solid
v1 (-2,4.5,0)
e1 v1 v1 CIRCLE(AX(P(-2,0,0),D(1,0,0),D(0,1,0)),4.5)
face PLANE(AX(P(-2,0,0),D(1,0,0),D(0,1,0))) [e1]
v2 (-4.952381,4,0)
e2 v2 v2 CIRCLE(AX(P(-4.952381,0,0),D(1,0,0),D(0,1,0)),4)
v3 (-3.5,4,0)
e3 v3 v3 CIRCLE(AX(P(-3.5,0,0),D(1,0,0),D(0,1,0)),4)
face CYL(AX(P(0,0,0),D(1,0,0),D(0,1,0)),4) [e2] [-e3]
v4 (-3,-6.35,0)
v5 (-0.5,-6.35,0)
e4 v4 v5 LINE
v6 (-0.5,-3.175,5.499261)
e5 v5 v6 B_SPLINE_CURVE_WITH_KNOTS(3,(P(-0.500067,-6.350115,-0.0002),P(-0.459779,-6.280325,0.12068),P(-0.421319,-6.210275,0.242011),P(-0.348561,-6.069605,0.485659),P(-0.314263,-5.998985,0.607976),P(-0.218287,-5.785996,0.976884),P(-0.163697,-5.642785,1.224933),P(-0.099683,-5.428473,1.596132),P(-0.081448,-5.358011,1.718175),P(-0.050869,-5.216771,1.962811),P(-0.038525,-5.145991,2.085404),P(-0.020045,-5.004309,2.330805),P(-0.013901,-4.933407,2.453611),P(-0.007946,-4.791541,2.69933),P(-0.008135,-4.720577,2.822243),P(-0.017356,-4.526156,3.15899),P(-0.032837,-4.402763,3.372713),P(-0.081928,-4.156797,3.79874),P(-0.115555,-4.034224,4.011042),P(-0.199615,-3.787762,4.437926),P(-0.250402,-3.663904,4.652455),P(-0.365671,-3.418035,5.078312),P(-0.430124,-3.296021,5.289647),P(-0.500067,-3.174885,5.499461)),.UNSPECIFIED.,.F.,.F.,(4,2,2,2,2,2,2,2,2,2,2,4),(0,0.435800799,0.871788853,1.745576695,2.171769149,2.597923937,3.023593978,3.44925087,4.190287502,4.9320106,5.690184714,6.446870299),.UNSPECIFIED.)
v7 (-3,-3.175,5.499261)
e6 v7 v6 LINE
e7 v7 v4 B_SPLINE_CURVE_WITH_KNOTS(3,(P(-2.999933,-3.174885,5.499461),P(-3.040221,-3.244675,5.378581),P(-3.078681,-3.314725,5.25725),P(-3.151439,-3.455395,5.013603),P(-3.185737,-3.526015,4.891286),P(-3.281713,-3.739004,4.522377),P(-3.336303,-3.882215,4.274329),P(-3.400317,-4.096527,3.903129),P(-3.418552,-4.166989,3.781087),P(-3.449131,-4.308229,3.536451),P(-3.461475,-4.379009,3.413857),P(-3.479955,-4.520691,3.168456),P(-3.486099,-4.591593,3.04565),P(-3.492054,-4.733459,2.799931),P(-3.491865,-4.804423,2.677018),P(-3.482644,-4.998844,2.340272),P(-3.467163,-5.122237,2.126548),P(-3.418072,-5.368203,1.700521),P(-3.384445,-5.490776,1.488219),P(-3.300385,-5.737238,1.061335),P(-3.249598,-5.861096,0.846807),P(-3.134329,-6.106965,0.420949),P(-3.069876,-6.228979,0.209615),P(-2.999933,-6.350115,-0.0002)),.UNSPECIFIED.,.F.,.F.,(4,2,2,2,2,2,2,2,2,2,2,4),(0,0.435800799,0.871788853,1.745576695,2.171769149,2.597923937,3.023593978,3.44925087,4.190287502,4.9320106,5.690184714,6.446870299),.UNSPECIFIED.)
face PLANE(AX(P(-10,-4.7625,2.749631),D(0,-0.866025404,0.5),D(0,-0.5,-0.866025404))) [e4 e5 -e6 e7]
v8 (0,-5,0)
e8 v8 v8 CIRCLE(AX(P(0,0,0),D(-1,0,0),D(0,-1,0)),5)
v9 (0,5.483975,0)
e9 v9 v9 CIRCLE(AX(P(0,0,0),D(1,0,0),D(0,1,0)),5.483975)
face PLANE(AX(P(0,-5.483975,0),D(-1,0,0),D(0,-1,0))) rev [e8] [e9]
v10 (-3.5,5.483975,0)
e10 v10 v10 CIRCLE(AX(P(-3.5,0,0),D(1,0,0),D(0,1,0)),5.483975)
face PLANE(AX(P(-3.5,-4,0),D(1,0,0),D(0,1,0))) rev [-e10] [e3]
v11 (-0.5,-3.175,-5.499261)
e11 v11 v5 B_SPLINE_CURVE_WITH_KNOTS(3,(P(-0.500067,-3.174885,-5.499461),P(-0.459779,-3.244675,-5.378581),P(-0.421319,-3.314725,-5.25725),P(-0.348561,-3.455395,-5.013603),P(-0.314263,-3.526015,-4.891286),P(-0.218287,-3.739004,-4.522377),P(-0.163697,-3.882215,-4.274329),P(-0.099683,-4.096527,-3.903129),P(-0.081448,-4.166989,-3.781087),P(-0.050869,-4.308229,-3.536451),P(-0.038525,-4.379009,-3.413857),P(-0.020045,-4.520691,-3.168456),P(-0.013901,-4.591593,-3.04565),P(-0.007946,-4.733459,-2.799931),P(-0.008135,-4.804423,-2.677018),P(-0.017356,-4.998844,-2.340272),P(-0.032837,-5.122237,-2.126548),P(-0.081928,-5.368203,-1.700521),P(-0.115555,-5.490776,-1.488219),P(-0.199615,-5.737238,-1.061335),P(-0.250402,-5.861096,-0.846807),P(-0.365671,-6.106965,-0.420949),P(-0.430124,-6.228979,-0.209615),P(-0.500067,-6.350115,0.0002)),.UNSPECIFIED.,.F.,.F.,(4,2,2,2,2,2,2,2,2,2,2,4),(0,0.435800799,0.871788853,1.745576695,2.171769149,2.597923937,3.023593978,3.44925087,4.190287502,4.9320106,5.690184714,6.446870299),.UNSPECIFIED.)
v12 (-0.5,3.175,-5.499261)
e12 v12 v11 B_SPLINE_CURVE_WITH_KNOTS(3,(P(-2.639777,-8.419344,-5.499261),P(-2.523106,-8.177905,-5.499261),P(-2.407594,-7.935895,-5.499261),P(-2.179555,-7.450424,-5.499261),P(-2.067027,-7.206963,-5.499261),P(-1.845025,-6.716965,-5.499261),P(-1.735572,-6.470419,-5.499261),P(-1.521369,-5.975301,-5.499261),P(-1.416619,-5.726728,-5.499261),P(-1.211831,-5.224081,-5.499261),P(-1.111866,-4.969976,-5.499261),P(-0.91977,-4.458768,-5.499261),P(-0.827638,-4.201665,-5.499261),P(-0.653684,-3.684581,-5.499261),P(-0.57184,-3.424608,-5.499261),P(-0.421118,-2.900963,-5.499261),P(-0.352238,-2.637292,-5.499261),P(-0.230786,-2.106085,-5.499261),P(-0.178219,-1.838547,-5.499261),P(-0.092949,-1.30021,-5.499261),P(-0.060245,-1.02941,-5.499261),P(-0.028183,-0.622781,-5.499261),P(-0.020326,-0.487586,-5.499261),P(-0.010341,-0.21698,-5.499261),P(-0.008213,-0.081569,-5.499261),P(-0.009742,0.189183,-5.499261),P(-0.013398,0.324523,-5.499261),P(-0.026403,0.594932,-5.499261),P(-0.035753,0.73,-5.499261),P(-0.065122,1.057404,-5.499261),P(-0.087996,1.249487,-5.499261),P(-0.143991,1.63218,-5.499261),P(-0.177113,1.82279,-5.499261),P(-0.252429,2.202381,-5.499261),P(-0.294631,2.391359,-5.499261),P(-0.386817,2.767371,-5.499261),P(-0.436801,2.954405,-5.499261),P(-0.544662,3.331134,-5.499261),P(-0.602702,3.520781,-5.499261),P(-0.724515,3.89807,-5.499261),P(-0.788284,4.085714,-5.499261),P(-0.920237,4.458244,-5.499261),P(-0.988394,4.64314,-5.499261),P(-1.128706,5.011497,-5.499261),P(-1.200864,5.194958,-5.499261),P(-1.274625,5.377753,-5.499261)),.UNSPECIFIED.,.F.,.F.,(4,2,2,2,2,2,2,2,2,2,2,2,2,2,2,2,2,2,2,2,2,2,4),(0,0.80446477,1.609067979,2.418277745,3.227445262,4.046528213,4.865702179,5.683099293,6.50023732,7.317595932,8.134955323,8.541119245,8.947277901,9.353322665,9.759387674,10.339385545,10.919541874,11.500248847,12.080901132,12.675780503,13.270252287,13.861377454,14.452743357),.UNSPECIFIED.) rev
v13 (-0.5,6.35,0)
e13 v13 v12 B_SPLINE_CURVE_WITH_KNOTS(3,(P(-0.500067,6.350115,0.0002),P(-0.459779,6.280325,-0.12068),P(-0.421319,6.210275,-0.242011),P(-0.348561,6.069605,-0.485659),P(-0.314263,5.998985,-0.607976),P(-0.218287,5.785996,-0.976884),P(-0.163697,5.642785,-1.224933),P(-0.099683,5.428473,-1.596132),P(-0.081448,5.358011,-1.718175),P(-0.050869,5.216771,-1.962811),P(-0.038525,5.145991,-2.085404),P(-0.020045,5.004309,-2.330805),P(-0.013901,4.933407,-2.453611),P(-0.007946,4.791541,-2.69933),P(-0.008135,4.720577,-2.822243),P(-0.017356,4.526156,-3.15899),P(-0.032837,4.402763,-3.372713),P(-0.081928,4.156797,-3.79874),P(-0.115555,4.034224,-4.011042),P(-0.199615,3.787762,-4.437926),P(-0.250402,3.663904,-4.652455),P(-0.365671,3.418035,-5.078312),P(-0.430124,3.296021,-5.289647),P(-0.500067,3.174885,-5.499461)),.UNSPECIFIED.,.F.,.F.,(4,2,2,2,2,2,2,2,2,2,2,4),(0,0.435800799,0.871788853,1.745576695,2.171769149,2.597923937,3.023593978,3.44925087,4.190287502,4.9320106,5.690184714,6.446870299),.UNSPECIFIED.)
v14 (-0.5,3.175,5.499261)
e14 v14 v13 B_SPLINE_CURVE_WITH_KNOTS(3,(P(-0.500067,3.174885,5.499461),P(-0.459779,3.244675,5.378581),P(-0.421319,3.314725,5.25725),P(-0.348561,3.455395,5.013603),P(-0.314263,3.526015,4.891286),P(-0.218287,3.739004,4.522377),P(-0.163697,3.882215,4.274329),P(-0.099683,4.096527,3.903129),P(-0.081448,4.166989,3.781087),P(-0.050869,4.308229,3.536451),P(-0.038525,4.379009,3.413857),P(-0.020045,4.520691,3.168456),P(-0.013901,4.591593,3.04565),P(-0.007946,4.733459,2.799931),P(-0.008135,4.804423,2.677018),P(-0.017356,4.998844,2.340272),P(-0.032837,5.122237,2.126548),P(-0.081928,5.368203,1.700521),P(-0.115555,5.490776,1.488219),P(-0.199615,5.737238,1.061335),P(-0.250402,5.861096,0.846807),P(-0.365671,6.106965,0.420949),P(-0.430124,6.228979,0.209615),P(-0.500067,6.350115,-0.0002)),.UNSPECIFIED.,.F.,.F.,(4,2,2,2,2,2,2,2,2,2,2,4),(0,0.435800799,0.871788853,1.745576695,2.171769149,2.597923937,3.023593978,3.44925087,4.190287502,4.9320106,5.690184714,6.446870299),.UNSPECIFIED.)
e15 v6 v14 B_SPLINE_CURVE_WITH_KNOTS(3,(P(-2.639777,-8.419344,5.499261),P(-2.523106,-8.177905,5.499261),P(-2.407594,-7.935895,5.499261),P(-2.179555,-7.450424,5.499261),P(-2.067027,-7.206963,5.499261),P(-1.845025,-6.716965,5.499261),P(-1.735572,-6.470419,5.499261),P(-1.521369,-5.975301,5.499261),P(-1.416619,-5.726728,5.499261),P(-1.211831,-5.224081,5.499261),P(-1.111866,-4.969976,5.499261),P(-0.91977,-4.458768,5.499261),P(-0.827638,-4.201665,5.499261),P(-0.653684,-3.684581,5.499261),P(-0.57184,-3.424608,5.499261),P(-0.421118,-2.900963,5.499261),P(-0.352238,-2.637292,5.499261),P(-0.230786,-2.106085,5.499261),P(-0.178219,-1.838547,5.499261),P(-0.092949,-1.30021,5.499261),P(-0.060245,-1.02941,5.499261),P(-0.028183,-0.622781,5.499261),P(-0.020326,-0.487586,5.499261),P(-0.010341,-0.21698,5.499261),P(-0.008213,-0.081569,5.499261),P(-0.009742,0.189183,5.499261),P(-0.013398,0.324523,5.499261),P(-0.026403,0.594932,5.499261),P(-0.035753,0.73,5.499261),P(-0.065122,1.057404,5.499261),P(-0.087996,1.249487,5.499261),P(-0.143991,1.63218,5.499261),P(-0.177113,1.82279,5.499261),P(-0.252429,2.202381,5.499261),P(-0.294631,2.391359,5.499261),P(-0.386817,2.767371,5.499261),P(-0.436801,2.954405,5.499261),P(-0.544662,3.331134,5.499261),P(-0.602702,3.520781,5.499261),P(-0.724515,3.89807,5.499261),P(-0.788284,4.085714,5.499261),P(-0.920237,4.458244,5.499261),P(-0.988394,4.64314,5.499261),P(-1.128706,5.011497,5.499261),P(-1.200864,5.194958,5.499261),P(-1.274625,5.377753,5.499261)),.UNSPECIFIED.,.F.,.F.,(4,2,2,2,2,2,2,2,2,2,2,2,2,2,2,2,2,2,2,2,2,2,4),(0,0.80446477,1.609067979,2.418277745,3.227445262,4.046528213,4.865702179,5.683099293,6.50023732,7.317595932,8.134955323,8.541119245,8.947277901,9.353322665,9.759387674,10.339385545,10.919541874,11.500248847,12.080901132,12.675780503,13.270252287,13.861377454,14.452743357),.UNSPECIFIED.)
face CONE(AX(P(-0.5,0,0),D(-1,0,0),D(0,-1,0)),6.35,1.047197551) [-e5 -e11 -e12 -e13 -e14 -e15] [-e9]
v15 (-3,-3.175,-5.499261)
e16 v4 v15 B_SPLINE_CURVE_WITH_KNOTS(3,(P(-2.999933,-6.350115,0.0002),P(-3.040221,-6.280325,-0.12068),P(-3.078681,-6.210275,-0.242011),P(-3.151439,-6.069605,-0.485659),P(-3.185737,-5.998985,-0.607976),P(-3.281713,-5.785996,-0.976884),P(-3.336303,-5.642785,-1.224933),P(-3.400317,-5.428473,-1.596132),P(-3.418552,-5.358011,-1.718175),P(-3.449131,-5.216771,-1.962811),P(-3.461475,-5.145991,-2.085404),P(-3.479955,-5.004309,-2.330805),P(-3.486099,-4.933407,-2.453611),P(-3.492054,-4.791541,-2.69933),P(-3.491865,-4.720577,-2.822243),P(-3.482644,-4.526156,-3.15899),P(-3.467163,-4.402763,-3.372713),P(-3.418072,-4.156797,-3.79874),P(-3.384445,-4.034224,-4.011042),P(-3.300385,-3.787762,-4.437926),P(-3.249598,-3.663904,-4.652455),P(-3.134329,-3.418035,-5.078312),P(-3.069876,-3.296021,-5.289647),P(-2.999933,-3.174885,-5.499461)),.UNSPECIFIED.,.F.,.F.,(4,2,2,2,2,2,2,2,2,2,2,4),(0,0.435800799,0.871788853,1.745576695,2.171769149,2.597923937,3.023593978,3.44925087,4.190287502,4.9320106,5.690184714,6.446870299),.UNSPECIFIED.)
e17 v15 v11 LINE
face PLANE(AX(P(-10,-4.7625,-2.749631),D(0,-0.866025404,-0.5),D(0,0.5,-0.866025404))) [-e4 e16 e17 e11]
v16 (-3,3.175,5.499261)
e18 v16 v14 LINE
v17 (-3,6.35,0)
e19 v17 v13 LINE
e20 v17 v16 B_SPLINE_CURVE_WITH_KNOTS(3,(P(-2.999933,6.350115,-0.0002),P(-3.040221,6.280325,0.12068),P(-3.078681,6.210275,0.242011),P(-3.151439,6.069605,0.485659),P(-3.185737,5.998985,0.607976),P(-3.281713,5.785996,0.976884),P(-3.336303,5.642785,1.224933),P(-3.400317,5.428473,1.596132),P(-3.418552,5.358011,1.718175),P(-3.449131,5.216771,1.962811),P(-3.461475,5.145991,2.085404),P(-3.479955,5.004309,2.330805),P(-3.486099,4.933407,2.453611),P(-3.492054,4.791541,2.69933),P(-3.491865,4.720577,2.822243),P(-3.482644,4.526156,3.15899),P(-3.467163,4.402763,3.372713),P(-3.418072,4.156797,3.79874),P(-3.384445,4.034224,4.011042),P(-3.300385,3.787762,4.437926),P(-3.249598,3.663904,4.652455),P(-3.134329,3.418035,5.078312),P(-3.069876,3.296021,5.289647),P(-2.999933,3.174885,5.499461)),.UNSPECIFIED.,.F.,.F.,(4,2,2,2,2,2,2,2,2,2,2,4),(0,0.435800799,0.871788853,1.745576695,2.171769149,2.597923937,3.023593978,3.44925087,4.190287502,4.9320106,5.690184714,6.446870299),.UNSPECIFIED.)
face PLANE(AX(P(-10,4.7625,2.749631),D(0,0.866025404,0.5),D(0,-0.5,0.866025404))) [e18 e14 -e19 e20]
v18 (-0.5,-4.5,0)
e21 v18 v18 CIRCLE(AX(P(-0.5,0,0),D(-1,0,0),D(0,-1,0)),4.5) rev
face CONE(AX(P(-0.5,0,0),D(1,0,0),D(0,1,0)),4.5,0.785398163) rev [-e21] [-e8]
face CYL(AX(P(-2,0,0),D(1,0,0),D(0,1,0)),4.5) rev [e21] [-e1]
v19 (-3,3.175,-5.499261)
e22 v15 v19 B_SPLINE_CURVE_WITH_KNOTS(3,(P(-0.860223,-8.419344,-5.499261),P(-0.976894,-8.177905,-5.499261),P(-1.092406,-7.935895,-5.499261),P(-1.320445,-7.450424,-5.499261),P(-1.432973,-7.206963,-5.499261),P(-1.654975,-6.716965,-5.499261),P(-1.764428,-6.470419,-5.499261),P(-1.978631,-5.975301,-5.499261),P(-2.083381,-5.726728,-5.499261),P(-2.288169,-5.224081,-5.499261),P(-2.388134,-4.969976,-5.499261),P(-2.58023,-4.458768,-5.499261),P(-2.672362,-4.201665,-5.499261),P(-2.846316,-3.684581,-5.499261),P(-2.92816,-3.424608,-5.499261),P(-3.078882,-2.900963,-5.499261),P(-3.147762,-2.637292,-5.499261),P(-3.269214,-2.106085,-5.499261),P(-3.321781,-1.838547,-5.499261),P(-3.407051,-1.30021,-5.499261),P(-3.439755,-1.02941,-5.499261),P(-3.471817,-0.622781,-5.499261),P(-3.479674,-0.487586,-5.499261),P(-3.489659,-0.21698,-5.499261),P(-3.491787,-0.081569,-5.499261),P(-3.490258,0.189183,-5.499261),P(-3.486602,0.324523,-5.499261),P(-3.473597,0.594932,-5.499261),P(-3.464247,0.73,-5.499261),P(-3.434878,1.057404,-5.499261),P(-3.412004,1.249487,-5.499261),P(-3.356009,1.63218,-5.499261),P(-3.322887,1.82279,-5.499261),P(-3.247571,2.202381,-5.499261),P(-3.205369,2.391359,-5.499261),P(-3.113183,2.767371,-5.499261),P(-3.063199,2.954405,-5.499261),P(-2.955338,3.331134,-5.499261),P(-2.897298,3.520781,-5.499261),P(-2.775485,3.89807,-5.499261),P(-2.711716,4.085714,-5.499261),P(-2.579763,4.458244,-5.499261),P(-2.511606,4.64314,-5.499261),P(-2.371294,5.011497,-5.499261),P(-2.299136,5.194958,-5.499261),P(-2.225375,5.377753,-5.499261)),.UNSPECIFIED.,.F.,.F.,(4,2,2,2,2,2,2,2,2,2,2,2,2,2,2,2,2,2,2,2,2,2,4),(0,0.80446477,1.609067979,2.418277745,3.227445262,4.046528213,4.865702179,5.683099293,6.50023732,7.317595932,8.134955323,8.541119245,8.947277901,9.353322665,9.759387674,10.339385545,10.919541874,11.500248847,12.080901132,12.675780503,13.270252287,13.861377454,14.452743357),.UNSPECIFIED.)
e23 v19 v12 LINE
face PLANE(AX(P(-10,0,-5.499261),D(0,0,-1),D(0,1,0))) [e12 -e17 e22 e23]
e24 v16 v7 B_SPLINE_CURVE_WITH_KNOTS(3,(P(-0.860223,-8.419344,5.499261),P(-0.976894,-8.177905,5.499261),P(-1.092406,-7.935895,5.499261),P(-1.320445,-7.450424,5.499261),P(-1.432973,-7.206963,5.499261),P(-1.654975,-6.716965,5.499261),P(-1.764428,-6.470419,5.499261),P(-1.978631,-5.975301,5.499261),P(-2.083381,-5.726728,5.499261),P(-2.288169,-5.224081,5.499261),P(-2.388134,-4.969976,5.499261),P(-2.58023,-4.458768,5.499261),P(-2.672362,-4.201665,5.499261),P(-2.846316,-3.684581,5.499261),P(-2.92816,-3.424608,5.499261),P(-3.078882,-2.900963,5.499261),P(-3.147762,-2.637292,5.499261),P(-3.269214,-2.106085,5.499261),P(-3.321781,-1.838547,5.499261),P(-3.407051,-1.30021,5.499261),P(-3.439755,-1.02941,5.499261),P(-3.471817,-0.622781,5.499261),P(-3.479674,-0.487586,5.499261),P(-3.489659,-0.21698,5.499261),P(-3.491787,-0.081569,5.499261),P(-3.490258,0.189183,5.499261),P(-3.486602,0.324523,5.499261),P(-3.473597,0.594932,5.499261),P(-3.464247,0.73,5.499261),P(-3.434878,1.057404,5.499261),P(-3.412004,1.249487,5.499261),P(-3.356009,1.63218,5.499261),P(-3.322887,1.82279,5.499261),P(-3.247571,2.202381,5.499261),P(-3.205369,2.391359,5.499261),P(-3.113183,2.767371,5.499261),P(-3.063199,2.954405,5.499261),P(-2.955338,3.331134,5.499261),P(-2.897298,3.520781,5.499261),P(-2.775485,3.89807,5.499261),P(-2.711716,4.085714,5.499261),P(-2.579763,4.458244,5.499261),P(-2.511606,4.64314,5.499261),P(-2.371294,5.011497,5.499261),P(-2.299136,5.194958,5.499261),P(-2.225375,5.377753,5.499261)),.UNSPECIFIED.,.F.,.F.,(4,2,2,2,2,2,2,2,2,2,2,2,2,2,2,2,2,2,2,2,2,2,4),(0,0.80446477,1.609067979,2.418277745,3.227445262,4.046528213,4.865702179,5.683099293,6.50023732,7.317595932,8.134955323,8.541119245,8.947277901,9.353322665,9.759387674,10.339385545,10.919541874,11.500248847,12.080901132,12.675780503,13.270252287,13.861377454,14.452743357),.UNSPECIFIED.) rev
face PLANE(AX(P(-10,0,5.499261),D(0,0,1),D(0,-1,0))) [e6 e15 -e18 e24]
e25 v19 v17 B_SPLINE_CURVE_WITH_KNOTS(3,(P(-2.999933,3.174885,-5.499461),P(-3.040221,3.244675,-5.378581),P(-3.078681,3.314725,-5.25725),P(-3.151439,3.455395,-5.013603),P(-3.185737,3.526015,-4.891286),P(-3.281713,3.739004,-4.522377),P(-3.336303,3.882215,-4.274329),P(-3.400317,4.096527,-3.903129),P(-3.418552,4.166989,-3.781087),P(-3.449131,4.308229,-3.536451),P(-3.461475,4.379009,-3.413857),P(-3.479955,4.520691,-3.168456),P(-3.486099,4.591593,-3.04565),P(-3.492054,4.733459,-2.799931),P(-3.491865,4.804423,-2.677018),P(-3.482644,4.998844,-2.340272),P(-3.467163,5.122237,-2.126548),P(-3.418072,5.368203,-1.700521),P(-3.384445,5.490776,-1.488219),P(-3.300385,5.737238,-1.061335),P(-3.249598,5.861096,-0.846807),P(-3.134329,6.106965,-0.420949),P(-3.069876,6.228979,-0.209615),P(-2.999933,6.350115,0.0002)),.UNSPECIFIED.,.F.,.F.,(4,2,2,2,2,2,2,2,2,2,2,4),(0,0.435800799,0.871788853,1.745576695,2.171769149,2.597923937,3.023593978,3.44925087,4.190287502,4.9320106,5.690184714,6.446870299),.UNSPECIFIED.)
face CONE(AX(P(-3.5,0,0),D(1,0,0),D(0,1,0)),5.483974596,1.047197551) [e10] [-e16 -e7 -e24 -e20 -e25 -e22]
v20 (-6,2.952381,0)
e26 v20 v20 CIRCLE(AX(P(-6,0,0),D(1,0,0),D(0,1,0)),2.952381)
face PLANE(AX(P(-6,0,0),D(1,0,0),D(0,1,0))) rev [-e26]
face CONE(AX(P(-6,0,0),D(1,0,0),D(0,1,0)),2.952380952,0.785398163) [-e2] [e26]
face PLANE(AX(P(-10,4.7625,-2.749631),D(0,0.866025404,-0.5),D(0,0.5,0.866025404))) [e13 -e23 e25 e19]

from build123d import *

# Parameters (mm, degrees)
CUT_EXTRUDE_1_DEPTH = 10
SKETCH_3_R          = 4.5
CUT_EXTRUDE_2_DEPTH = 2
CHAMFER_1_SIZE      = 0.5


with BuildPart() as part:
    # Эскиз1 → Повернуть1 (revolve)
    with BuildSketch(Plane.XY, mode=Mode.PRIVATE) as revolve_1_sk:
        Polygon((0, 0), (-6, 0), (-6, -2.952380952), (-4.952380952, -4), (-3.5, -4), (-3.5, -5.483974596), (-3, -6.35), (-0.5, -6.35), (0, -5.483974596), align=None)
    revolve(revolve_1_sk.sketch.rotate(Axis((0, 0, 0), (-1, 0, 0)), 180), axis=Axis((0, 0, 0), (-1, 0, 0)))

    # Эскиз2 → Вырез-Вытянуть1 (cut)
    with BuildSketch(Plane(origin=(0, 0, 0), x_dir=(0, 0, -1), z_dir=(1, 0, 0))):
        with BuildLine():
            Line((-5.499261314, 3.175), (0, 6.35))
            ThreePointArc((0, 6.35), (-3.175, 5.499261314), (-5.499261314, 3.175))
        make_face()
        with BuildLine():
            ThreePointArc((5.499261314, 3.175), (3.175, 5.499261314), (0, 6.35))
            Line((0, 6.35), (5.499261314, 3.175))
        make_face()
        with BuildLine():
            ThreePointArc((6.35, 0), (6.133628997, 1.643500936), (5.499261314, 3.175))
            Line((5.499261314, 3.175), (5.499261314, -3.175))
            ThreePointArc((5.499261314, -3.175), (6.133628997, -1.643500936), (6.35, 0))
        make_face()
        with BuildLine():
            ThreePointArc((0, -6.35), (3.175, -5.499261314), (5.499261314, -3.175))
            Line((5.499261314, -3.175), (0, -6.35))
        make_face()
        with BuildLine():
            Line((0, -6.35), (-5.499261314, -3.175))
            ThreePointArc((-5.499261314, -3.175), (-3.175, -5.499261314), (0, -6.35))
        make_face()
        with BuildLine():
            Line((-5.499261314, -3.175), (-5.499261314, 3.175))
            ThreePointArc((-5.499261314, 3.175), (-6.35, 0), (-5.499261314, -3.175))
        make_face()
    extrude(amount=-CUT_EXTRUDE_1_DEPTH, mode=Mode.SUBTRACT)

    # Эскиз3 → Вырез-Вытянуть2 (cut)
    with BuildSketch(Plane(origin=(0, 0, 0), x_dir=(0, 0, -1), z_dir=(1, 0, 0))):
        with Locations(Location((0, 0, 0), (0, 0, 90))):
            Circle(SKETCH_3_R)
    extrude(amount=-CUT_EXTRUDE_2_DEPTH, mode=Mode.SUBTRACT)

    # Фаска1
    chamfer_1_edges = [part.edges().sort_by_distance(p)[0] for p in [
        (0, -4.5, 0),
    ]]
    chamfer(chamfer_1_edges, length=CHAMFER_1_SIZE)


solid = part.part
